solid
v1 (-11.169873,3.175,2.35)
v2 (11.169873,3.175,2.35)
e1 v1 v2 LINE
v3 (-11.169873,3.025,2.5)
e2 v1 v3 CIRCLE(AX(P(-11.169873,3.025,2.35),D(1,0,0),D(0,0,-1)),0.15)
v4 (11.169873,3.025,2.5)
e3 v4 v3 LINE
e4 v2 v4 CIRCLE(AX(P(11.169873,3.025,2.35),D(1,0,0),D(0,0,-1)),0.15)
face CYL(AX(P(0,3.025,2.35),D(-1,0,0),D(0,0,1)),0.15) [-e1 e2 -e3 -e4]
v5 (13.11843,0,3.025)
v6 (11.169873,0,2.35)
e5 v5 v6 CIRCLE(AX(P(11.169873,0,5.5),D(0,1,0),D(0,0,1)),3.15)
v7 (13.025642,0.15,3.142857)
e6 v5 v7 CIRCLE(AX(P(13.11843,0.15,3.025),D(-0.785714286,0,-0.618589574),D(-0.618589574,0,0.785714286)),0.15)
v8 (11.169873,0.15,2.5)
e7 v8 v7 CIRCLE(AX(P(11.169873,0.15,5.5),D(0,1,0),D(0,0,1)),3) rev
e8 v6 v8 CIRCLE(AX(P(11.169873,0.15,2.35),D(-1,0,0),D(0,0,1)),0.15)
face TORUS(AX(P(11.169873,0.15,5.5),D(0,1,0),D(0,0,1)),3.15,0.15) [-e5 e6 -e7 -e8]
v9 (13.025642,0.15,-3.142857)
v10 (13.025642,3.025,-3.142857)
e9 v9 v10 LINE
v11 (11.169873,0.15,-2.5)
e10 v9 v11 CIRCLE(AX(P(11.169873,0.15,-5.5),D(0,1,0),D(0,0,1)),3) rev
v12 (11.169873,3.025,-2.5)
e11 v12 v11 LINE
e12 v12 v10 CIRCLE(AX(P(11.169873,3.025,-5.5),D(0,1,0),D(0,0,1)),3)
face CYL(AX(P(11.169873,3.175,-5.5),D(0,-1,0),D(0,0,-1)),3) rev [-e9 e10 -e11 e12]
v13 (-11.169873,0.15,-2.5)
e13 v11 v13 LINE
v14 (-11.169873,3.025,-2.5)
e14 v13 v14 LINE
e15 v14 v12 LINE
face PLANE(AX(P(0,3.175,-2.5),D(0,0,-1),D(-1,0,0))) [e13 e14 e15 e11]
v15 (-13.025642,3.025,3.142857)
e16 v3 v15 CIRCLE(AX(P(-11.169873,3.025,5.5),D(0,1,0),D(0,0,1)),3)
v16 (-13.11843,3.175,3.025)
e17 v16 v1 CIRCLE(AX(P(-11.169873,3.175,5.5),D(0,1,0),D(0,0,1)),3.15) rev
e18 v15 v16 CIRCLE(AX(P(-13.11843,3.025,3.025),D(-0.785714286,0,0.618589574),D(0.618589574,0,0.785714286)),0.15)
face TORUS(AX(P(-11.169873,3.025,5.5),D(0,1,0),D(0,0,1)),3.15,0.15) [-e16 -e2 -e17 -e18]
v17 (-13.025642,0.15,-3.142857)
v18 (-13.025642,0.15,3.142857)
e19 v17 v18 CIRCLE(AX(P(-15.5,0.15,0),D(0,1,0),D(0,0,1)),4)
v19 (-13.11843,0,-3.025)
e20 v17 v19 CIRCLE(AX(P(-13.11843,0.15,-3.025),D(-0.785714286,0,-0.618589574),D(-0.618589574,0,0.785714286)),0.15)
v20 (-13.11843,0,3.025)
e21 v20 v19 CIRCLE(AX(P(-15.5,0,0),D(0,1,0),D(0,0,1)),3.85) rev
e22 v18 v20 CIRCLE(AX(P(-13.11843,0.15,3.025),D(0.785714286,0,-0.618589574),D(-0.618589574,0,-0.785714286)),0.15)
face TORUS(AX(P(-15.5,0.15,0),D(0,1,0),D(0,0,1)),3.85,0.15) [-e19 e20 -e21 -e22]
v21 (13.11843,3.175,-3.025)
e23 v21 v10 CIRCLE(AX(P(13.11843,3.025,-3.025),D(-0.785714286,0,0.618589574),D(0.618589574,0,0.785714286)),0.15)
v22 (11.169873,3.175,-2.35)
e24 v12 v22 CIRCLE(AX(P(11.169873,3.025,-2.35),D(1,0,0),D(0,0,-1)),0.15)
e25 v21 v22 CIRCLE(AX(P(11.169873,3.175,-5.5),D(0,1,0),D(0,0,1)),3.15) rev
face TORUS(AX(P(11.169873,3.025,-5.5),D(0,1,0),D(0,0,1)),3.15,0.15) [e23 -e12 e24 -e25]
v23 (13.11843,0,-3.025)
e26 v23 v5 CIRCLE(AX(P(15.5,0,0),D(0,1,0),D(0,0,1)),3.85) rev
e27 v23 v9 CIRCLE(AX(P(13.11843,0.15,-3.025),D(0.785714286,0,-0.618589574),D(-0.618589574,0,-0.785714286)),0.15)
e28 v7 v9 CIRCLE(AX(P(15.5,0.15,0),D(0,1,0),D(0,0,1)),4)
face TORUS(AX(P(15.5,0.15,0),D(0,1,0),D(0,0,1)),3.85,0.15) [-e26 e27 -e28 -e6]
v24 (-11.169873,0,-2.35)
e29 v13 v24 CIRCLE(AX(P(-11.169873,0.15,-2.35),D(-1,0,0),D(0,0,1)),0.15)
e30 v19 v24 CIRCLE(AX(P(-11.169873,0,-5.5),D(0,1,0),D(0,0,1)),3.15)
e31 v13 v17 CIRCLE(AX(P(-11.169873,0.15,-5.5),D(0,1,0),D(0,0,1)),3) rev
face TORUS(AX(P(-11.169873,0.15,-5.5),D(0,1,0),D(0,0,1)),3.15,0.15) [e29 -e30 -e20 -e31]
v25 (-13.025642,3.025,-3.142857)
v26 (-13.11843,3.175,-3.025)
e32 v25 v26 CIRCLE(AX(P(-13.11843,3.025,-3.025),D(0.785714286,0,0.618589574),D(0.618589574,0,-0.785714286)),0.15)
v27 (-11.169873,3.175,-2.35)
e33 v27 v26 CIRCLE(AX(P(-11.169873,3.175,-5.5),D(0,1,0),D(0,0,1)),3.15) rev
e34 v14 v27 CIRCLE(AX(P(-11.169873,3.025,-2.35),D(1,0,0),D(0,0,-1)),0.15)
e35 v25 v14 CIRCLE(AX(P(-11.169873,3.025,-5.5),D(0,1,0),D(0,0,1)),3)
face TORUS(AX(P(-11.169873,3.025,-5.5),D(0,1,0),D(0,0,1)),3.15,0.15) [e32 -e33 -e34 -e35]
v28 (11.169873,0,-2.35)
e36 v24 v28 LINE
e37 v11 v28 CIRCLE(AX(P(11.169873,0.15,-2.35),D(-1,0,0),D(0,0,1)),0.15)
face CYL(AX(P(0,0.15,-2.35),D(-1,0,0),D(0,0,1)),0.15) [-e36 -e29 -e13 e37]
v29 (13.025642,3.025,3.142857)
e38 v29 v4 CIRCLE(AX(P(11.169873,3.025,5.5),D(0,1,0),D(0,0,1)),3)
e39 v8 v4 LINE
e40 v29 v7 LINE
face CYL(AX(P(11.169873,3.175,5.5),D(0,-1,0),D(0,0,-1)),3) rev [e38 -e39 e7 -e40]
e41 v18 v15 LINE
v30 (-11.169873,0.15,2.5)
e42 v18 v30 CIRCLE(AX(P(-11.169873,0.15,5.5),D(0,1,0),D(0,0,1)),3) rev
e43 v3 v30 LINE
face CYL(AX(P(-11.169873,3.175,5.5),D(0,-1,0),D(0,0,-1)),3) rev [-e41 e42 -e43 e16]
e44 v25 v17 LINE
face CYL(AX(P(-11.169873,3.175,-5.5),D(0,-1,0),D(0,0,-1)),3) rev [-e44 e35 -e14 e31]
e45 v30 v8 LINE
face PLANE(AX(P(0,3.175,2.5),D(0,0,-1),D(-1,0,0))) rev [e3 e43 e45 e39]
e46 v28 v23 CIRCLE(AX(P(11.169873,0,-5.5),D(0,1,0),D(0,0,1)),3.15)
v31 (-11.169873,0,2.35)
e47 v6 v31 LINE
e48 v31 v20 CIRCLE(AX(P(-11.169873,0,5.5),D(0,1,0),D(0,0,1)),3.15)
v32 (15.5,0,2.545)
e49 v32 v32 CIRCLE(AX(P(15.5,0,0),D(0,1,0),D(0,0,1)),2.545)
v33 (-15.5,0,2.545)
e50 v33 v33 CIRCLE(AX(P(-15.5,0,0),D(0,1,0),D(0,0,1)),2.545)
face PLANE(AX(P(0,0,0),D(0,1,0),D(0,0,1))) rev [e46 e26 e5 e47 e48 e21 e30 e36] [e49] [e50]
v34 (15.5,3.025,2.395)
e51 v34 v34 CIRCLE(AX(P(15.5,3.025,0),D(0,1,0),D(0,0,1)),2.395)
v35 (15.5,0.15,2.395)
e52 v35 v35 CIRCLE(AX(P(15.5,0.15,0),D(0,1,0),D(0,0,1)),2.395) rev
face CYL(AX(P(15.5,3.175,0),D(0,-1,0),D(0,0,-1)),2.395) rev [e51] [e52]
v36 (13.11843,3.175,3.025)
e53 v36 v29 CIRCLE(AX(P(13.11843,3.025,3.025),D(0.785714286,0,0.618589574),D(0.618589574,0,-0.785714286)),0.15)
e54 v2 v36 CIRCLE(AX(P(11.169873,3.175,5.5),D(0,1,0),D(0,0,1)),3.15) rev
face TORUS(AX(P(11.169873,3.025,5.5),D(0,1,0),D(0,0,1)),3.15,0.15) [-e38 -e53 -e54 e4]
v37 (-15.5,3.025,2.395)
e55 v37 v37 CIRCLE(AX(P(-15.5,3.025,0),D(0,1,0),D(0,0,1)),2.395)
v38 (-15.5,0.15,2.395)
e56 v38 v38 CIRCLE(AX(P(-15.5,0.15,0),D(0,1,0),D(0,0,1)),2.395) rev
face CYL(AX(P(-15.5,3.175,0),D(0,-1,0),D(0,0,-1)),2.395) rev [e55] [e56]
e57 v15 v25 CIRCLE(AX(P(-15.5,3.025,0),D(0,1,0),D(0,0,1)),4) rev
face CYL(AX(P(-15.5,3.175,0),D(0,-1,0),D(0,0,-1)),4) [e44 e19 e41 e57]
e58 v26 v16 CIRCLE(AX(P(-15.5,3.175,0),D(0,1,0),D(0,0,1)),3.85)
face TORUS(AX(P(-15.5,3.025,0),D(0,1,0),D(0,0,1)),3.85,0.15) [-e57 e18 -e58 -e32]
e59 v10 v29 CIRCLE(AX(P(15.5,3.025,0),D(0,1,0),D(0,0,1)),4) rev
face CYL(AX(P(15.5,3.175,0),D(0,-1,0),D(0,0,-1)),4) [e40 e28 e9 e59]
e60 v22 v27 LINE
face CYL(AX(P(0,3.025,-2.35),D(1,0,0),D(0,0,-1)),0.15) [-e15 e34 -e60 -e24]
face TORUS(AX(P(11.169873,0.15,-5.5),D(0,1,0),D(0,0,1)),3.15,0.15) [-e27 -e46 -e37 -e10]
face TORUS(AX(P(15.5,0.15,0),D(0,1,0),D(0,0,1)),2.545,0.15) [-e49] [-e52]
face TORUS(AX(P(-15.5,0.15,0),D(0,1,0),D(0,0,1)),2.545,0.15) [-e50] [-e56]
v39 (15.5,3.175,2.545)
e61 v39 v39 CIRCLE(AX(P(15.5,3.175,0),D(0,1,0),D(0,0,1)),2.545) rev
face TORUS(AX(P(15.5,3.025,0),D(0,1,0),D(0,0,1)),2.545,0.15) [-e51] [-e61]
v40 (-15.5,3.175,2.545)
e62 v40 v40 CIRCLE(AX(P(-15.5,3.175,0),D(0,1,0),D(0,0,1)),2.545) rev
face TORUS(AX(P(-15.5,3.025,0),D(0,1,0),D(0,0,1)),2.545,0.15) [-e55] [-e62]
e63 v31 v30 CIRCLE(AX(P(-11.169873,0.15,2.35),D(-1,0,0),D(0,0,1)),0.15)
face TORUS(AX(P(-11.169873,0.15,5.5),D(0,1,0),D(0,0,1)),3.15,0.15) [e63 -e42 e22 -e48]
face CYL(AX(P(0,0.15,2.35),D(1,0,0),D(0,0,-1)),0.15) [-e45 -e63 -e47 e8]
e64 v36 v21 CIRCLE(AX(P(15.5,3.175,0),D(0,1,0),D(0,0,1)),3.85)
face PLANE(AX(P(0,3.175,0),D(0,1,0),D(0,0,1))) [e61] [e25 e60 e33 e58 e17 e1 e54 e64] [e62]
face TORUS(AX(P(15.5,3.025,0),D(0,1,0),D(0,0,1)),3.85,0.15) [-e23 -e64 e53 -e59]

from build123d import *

# Parameters (mm, degrees)
SKETCH1_R           = 4
SKETCH1_R_2         = 2.395
BOSS_EXTRUDE1_DEPTH = 3.175
FILLET1_R           = 3
FILLET2_R           = 0.15


with BuildPart() as part:
    # Sketch1 → Boss-Extrude1 (new body)
    # profile 1 of 3: a face of its own
    with BuildSketch(Plane(origin=(0, 0, 0), x_dir=(1, 0, 0), z_dir=(0, 1, 0))):
        with Locations((-15.5, 0)):
            Circle(SKETCH1_R)
        with Locations(Location((-15.5, 0, 0), (0, 0, 270))):
            Circle(SKETCH1_R_2, mode=Mode.SUBTRACT)
    # profile 2 of 3: a face of its own
    with BuildSketch(Plane(origin=(0, 0, 0), x_dir=(1, 0, 0), z_dir=(0, 1, 0))):
        with BuildLine():
            Line((12.377501001, 2.5), (-12.377501001, 2.5))
            ThreePointArc((-12.377501001, 2.5), (-11.725745372, 1.324764885), (-11.5, 0))
            ThreePointArc((-11.5, 0), (-11.725745372, -1.324764885), (-12.377501001, -2.5))
            Line((-12.377501001, -2.5), (12.377501001, -2.5))
            ThreePointArc((12.377501001, -2.5), (11.5, 0), (12.377501001, 2.5))
        make_face()
    # profile 3 of 3: a face of its own
    with BuildSketch(Plane(origin=(0, 0, 0), x_dir=(1, 0, 0), z_dir=(0, 1, 0))):
        with Locations((15.5, 0)):
            Circle(SKETCH1_R)
        with Locations(Location((15.5, 0, 0), (0, 0, 270))):
            Circle(SKETCH1_R_2, mode=Mode.SUBTRACT)
    extrude(amount=BOSS_EXTRUDE1_DEPTH)

    # Fillet1
    fillet1_edges = [part.edges().sort_by_distance(p)[0] for p in [
        (-12.377501001, 1.5875, -2.5),
        (12.377501001, 1.5875, -2.5),
        (12.377501001, 1.5875, 2.5),
        (-12.377501001, 1.5875, 2.5),
    ]]
    fillet(fillet1_edges, radius=FILLET1_R)

    # Fillet2
    fillet2_edges = [part.edges().sort_by_distance(p)[0] for p in [
        (-15.5, 0, -2.395),
        (-19.5, 0, 0),
        (-19.5, 3.175, 0),
        (0, 0, -2.5),
        (0, 3.175, -2.5),
        (19.5, 0, 0),
        (19.5, 3.175, 0),
        (0, 0, 2.5),
        (0, 3.175, 2.5),
        (-12.151853487, 0, -2.665266452),
        (15.5, 3.175, -2.395),
        (-12.151853487, 3.175, -2.665266452),
        (12.151853487, 0, -2.665266452),
        (12.151853487, 3.175, -2.665266452),
        (12.151853487, 0, 2.665266452),
        (12.151853487, 3.175, 2.665266452),
        (-12.151853487, 0, 2.665266452),
        (-12.151853487, 3.175, 2.665266452),
        (-15.5, 3.175, -2.395),
        (15.5, 0, -2.395),
    ]]
    fillet(fillet2_edges, radius=FILLET2_R)


solid = part.part
